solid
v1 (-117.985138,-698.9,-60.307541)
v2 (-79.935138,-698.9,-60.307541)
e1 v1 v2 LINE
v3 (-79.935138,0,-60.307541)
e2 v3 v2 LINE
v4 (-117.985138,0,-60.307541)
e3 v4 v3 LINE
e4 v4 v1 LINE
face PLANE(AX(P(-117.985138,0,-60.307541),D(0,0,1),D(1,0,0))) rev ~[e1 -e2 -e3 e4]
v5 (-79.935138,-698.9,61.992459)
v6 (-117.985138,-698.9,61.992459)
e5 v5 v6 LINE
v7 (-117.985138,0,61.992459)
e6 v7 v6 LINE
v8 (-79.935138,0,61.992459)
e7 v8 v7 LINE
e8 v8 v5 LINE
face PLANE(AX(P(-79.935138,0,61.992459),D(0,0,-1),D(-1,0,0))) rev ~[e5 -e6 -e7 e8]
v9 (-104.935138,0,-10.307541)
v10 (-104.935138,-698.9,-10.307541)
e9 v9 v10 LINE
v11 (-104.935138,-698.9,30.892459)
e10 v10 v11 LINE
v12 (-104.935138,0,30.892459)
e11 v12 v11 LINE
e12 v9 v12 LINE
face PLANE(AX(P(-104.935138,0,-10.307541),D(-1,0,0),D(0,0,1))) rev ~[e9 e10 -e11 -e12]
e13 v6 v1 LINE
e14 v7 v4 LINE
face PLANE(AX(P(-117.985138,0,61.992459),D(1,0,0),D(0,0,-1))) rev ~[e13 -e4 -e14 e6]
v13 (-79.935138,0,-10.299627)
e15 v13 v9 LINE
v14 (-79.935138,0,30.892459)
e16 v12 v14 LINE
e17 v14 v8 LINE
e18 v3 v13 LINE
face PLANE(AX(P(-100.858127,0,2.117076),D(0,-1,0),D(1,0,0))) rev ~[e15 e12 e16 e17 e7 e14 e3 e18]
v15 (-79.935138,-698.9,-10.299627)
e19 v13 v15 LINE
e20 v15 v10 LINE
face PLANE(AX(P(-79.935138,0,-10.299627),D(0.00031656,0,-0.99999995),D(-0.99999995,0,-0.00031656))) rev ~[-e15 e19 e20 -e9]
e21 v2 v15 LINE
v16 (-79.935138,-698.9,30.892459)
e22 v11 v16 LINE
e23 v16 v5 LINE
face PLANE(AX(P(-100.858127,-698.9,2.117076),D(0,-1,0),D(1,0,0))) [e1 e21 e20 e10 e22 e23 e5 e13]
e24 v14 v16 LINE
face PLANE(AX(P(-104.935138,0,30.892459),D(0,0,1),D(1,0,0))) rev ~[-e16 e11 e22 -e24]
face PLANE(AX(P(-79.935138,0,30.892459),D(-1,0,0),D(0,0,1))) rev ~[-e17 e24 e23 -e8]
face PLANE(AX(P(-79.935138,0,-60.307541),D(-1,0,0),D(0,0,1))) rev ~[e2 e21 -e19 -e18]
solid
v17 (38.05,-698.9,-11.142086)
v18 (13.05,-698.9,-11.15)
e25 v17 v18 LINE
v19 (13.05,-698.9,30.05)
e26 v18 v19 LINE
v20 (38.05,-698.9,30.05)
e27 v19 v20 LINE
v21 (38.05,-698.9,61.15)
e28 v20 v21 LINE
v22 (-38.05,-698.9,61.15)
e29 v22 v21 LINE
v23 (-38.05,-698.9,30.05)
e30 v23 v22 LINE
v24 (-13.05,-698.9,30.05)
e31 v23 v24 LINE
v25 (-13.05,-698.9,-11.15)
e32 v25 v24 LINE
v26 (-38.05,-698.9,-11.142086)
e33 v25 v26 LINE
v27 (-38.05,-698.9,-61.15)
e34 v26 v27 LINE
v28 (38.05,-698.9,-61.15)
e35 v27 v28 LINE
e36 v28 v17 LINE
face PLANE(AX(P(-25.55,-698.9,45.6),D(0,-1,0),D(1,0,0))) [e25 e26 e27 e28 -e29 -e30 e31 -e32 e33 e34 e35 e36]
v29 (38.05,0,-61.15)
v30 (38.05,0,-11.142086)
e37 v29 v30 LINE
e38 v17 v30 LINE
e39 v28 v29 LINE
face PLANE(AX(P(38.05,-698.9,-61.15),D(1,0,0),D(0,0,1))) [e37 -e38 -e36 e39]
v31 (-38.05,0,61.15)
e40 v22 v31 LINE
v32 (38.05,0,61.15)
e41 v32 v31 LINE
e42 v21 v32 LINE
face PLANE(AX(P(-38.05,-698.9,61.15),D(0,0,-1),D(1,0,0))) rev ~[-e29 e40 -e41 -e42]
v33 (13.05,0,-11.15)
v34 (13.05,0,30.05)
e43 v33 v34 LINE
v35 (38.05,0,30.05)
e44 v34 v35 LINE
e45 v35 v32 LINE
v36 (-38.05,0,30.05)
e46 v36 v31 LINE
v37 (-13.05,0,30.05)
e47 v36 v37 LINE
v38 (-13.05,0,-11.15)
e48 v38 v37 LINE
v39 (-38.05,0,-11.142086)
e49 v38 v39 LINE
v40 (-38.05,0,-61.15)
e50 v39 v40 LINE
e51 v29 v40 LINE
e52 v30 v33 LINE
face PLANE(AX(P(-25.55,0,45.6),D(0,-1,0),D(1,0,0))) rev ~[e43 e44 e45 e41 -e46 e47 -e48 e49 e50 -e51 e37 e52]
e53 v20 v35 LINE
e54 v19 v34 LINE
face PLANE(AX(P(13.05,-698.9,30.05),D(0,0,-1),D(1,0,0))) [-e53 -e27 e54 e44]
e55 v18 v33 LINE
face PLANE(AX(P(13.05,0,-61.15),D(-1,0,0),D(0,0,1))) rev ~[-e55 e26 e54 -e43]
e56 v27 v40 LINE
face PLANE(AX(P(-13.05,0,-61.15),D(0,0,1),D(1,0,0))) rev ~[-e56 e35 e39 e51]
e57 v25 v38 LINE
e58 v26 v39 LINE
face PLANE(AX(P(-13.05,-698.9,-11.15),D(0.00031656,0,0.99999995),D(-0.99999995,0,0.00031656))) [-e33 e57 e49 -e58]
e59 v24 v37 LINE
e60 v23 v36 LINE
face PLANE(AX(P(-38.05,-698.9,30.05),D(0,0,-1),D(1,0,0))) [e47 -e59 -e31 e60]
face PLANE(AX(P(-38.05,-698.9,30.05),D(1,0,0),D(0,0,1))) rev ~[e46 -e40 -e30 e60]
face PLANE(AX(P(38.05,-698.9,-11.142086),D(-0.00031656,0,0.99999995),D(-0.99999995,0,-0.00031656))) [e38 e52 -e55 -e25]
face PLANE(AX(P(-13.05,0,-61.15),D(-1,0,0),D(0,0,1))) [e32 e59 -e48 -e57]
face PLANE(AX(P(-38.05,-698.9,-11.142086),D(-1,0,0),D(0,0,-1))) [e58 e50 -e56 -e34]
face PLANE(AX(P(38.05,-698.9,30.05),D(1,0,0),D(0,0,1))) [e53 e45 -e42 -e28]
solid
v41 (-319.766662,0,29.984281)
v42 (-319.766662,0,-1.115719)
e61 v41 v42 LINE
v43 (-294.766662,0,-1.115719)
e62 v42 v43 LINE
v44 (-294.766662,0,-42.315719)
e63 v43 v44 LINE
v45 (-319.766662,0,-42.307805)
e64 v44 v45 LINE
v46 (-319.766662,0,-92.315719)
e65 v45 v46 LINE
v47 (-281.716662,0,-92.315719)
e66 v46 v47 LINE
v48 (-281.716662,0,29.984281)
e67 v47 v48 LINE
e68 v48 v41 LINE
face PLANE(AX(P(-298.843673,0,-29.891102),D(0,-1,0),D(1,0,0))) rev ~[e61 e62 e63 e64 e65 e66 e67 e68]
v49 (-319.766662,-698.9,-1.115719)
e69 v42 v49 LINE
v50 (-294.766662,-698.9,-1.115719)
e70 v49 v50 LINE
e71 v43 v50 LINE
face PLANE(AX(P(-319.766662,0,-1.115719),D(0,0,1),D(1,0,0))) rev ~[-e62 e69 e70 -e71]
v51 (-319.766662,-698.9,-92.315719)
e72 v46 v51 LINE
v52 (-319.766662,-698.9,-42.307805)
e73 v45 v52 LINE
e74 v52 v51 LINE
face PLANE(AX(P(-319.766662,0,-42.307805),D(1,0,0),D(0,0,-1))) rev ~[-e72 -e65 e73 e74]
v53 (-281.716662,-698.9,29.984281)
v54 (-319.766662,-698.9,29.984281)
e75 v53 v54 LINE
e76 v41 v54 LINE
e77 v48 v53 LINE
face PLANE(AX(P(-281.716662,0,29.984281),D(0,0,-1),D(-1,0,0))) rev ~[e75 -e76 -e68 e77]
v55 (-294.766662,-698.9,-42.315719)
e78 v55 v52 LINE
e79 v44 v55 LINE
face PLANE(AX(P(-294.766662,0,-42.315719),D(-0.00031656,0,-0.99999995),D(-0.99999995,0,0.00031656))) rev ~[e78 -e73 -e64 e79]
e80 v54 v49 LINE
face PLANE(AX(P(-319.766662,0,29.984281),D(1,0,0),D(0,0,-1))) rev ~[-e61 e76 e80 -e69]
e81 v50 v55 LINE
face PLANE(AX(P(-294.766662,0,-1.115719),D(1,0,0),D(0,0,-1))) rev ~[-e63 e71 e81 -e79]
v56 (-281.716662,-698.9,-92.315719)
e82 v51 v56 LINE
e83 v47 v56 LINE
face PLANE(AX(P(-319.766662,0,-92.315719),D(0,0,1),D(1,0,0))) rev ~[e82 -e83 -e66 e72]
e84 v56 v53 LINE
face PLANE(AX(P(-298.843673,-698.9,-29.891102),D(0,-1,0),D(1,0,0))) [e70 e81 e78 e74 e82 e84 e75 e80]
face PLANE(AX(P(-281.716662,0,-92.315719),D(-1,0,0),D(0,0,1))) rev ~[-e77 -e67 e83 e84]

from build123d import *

# Parameters (mm, degrees)
F0_W     = 26.1
F0_H     = 122.3
F1_DEPTH = 698.9
F2_W     = 25
F2_H     = 31.1
F3_DEPTH = 698.9
F5_DEPTH = 698.9
F7_DEPTH = 698.9


with BuildPart() as f1:
    # F0 (on Front) → F1 (new body)
    with BuildSketch(Plane.XZ):
        Rectangle(F0_W, F0_H)
    extrude(amount=F1_DEPTH)

    # F2 (on face) → F3 (join)
    with BuildSketch(Plane.XZ.offset(698.9)):
        with Locations((-25.55, 45.6)):
            Rectangle(F2_W, F2_H)
        Polygon((-38.05, -61.15), (-13.05, -61.15), (-13.05, -11.15), (-38.05, -11.142086), align=None)
        with Locations((25.55, 45.6)):
            Rectangle(F2_W, F2_H)
        Polygon((38.05, -61.15), (38.05, -11.142086), (13.05, -11.15), (13.05, -61.15), align=None)
    extrude(amount=-F3_DEPTH)


with BuildPart() as f5:
    # F4 (on Front) → F5 (new body)
    with BuildSketch(Plane.XZ):
        Polygon((-104.935138, 30.892459), (-79.935138, 30.892459), (-79.935138, 61.992459), (-117.985138, 61.992459), (-117.985138, -60.307541), (-79.935138, -60.307541), (-79.935138, -10.299627), (-104.935138, -10.307541), align=None)
    extrude(amount=F5_DEPTH)


with BuildPart() as f7:
    # F6 (on Front) → F7 (new body)
    with BuildSketch(Plane.XZ):
        Polygon((-281.716662, -92.315719), (-281.716662, 29.984281), (-319.766662, 29.984281), (-319.766662, -1.115719), (-294.766662, -1.115719), (-294.766662, -42.315719), (-319.766662, -42.307805), (-319.766662, -92.315719), align=None)
    extrude(amount=F7_DEPTH)


solid = Compound([f1.part, f5.part, f7.part])
